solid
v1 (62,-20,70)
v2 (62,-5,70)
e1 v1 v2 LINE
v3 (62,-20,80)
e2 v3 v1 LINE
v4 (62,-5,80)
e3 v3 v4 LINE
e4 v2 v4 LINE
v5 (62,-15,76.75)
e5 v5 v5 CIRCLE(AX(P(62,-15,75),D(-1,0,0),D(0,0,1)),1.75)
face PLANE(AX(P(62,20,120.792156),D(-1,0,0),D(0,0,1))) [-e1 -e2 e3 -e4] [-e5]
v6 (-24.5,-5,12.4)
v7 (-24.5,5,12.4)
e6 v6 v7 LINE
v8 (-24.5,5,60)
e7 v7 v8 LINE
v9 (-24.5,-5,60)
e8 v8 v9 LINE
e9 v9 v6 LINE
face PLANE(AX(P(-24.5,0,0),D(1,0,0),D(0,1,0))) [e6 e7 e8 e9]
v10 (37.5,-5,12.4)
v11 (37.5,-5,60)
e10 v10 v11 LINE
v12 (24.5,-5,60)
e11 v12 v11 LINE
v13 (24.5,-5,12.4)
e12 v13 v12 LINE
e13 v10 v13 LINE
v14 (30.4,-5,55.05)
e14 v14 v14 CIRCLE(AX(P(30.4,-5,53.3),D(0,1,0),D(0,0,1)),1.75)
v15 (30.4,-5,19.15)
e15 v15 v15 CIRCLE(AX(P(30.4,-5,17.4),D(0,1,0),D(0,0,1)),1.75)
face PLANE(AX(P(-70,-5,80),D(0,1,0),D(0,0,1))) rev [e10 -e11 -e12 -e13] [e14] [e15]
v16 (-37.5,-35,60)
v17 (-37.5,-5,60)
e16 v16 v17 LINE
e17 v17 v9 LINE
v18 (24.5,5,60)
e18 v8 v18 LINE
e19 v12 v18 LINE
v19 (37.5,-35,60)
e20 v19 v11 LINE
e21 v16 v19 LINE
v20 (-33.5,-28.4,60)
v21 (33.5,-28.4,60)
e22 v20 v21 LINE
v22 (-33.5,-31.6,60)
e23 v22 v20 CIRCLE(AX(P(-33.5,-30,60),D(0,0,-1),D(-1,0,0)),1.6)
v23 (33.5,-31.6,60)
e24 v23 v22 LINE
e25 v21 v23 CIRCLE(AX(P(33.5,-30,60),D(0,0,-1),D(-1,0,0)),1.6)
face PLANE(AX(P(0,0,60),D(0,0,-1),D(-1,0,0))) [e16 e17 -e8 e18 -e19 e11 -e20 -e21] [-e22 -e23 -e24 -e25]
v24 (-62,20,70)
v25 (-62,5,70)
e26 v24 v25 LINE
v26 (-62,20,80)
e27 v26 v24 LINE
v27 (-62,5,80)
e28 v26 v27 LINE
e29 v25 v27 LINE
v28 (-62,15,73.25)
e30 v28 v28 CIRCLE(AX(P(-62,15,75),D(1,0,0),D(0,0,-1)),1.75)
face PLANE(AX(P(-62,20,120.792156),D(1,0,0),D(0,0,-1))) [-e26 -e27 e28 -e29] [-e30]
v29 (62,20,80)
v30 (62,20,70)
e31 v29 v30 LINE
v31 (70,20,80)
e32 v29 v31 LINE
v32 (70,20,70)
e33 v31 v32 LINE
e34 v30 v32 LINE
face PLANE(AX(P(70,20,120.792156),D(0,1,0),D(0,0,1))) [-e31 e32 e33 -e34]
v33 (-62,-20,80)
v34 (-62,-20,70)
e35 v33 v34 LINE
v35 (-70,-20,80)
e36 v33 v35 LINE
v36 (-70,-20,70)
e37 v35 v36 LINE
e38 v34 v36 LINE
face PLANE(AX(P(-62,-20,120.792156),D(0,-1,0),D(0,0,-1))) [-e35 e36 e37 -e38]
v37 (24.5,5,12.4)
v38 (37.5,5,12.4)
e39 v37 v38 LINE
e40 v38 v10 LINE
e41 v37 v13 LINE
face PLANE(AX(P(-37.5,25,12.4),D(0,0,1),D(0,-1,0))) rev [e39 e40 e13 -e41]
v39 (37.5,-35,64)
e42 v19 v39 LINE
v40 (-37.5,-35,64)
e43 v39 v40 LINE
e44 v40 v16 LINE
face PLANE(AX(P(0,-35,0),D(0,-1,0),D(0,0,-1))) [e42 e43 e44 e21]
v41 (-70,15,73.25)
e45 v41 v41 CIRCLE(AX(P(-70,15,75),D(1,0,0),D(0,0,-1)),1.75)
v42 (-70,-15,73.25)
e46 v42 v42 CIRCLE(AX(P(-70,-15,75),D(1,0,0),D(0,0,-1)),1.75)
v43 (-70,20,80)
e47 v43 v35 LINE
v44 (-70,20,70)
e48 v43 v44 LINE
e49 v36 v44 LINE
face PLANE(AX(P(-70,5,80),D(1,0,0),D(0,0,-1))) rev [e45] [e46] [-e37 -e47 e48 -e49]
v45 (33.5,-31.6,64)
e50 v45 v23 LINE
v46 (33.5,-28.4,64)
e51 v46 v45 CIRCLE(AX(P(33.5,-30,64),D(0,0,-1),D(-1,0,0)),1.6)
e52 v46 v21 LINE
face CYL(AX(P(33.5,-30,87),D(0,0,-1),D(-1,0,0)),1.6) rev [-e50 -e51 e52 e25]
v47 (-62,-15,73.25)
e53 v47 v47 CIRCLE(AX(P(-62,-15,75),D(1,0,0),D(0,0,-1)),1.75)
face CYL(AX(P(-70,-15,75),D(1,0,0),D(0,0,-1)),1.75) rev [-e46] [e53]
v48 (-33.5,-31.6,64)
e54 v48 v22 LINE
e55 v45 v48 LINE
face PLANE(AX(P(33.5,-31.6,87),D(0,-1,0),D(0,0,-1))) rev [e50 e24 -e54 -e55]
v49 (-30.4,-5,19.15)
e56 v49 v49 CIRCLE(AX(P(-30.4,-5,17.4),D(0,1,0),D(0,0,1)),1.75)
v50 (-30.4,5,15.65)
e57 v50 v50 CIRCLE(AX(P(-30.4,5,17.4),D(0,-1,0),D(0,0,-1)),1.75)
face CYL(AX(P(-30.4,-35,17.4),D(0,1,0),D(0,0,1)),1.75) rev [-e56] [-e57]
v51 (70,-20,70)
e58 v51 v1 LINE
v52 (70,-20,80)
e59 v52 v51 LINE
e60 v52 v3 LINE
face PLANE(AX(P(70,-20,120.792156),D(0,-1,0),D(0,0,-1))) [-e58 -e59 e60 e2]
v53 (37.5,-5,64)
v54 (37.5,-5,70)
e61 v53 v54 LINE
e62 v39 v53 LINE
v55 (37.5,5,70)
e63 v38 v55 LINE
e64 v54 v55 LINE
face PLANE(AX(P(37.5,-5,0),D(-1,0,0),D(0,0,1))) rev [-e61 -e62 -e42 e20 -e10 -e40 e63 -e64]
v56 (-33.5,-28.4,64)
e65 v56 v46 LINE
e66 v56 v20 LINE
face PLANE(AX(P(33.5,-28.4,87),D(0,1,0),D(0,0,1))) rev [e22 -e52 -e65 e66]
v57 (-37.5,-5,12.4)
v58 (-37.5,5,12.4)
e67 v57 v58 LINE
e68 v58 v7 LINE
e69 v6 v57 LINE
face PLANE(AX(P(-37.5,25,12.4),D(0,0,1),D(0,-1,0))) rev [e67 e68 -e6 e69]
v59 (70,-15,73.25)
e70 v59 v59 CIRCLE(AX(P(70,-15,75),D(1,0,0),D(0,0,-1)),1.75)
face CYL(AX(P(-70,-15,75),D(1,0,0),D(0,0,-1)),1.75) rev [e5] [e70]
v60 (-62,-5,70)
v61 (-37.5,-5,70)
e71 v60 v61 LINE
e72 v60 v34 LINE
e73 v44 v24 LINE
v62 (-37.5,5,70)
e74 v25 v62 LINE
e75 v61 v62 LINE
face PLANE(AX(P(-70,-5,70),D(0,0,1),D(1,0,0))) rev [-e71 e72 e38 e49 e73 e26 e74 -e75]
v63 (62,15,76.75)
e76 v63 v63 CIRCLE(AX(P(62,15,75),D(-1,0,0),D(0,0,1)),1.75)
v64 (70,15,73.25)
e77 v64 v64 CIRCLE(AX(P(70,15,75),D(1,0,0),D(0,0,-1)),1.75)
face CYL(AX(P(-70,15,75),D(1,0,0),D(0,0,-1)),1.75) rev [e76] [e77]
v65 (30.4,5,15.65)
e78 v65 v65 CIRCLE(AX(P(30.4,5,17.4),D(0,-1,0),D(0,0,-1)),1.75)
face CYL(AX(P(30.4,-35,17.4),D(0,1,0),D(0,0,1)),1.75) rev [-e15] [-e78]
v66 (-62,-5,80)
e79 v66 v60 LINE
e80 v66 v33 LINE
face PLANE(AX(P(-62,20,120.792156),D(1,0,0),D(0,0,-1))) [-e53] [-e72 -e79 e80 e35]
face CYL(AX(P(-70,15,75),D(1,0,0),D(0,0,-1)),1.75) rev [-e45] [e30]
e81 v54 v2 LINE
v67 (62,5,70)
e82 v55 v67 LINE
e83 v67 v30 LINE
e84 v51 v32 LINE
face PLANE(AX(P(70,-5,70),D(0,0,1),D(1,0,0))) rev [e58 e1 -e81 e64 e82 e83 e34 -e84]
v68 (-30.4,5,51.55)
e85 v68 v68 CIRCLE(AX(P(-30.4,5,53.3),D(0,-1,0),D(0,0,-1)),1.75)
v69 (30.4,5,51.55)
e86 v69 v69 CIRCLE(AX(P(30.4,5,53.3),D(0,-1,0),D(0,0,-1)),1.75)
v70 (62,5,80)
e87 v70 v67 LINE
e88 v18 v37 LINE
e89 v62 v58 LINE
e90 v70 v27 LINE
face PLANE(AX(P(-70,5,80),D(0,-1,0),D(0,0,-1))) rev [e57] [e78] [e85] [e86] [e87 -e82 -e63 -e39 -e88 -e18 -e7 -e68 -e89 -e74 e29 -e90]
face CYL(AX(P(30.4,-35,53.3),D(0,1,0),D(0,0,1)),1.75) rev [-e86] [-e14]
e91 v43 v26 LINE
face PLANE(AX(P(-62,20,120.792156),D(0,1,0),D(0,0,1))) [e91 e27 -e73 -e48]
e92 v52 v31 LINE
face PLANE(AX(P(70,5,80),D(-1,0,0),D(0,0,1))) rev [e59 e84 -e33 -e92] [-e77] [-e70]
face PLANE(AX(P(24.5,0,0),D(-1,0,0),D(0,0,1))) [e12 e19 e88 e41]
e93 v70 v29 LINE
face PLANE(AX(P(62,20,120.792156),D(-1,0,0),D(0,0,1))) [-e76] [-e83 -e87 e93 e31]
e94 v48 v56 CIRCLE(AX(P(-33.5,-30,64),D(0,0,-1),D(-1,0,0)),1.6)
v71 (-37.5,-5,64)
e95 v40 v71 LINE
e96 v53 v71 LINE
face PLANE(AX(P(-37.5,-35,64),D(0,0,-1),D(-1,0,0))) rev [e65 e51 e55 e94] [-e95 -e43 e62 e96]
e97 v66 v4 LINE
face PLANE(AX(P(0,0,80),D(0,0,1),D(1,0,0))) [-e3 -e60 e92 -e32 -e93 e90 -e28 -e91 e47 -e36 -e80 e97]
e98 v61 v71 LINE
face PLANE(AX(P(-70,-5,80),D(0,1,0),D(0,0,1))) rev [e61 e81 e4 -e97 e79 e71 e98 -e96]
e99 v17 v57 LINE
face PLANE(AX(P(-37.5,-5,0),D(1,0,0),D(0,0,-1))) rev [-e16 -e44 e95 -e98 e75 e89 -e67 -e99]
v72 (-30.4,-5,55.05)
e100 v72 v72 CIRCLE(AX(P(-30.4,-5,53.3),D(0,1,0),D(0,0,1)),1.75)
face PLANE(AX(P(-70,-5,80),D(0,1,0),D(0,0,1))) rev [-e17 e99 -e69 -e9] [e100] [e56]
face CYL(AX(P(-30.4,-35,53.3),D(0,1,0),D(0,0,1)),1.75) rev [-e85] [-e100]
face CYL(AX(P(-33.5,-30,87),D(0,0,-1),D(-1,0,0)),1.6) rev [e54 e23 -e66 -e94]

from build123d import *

# Parameters (mm, degrees)
SKETCH_1_W               = 140
SKETCH_1_H               = 10
EXTRUDE_1_DEPTH          = 80
SKETCH_2_W               = 32.5
SKETCH_2_H               = 70
CUT_EXTRUDE_1_DEPTH      = 107.77078252
SKETCH_4_W               = 55
SKETCH_4_H               = 10
CUT_EXTRUDE_2_DEPTH      = 60
SKETCH_5_W               = 8
SKETCH_5_H               = 40
EXTRUDE_2_DEPTH          = 10
CUT_EXTRUDE_START        = -12.4
SKETCH_6_W               = 10
SKETCH_6_H               = 10
CUT_EXTRUDE_3_DEPTH      = 12.4
SKETCH_7_W               = 75
SKETCH_7_H               = 4
EXTRUDE_3_DEPTH          = 30
CUT_EXTRUDE_4_DEPTH      = 27
CUT_EXTRUDE_5_DEPTH      = 159.268758762
CUT_EXTRUDE_5_DEPTH_BACK = 159.268758762
SKETCH_9_R               = 1.75
CUT_EXTRUDE_6_DEPTH      = 114.578166916
CUT_EXTRUDE_6_DEPTH_BACK = 114.578166916
SKETCH_10_R              = 1.75
SKETCH_11_W              = 47.6
SKETCH_11_H              = 10
EXTRUDE_4_DEPTH          = 3
SKETCH_12_W              = 47.6
SKETCH_12_H              = 10
EXTRUDE_5_DEPTH          = 3


with BuildPart() as part:
    # 草图1 → 凸台-拉伸1 (new body)
    with BuildSketch(Plane.XY):
        Rectangle(SKETCH_1_W, SKETCH_1_H)
    extrude(amount=EXTRUDE_1_DEPTH)

    # 草图2 → 切除-拉伸1 (cut, through all)
    with BuildSketch(Plane(origin=(0, 5, 0), x_dir=(1, 0, 0), z_dir=(0, 1, 0))):
        with Locations((-53.75, -35)):
            Rectangle(SKETCH_2_W, SKETCH_2_H)
        with Locations((53.75, -35)):
            Rectangle(SKETCH_2_W, SKETCH_2_H)
    extrude(amount=-CUT_EXTRUDE_1_DEPTH, mode=Mode.SUBTRACT)

    # 草图4 → 切除-拉伸2 (cut)
    with BuildSketch(Plane(origin=(0, 0, 0), x_dir=(-1, 0, 0), z_dir=(0, 0, -1))):
        Rectangle(SKETCH_4_W, SKETCH_4_H)
    extrude(amount=-CUT_EXTRUDE_2_DEPTH, mode=Mode.SUBTRACT)

    # 草图5 → 凸台-拉伸2 (add)
    with BuildSketch(Plane(origin=(0, 0, 70), x_dir=(-1, 0, 0), z_dir=(0, 0, -1))):
        with Locations((-66, 0)):
            Rectangle(SKETCH_5_W, SKETCH_5_H)
        with Locations((66, 0)):
            Rectangle(SKETCH_5_W, SKETCH_5_H)
    extrude(amount=-EXTRUDE_2_DEPTH)

    # 草图6 → 切除-拉伸3 (cut)
    with BuildSketch(Plane(origin=(0, 0, 0), x_dir=(-1, 0, 0), z_dir=(0, 0, -1)).offset(CUT_EXTRUDE_START)):
        with Locations((32.5, 0)):
            Rectangle(SKETCH_6_W, SKETCH_6_H)
        with Locations((-32.5, 0)):
            Rectangle(SKETCH_6_W, SKETCH_6_H)
    extrude(amount=CUT_EXTRUDE_3_DEPTH, mode=Mode.SUBTRACT)

    # 草图7 → 凸台-拉伸3 (add)
    with BuildSketch(Plane.XZ.offset(5)):
        with Locations((0, 62)):
            Rectangle(SKETCH_7_W, SKETCH_7_H)
    extrude(amount=EXTRUDE_3_DEPTH)

    # 草图8 → 切除-拉伸4 (cut)
    with BuildSketch(Plane(origin=(0, 0, 60), x_dir=(-1, 0, 0), z_dir=(0, 0, -1))):
        with BuildLine():
            Line((-33.5, -28.4), (33.5, -28.4))
            ThreePointArc((33.5, -28.4), (35.1, -30), (33.5, -31.6))
            Line((33.5, -31.6), (-33.5, -31.6))
            ThreePointArc((-33.5, -31.6), (-35.1, -30), (-33.5, -28.4))
        make_face()
    extrude(amount=-CUT_EXTRUDE_4_DEPTH, mode=Mode.SUBTRACT)

    # 草图9 → 切除-拉伸5 (cut, two sides: drawn at the far end of the back side and taken through both)
    with BuildSketch(Plane(origin=(-62, 0, 0), x_dir=(0, 0, -1), z_dir=(1, 0, 0)).offset(-CUT_EXTRUDE_5_DEPTH_BACK)):
        with Locations((-75, 15)):
            Circle(SKETCH_9_R)
        with Locations((-75, -15)):
            Circle(SKETCH_9_R)
    extrude(amount=CUT_EXTRUDE_5_DEPTH + CUT_EXTRUDE_5_DEPTH_BACK, mode=Mode.SUBTRACT)

    # 草图10 → 切除-拉伸6 (cut, two sides: drawn at the far end of the back side and taken through both)
    with BuildSketch(Plane(origin=(0, 5, 0), x_dir=(1, 0, 0), z_dir=(0, 1, 0)).offset(-CUT_EXTRUDE_6_DEPTH_BACK)):
        with Locations(Location((30.4, -53.3, 0), (0, 0, 270))):
            Circle(SKETCH_10_R)
        with Locations(Location((30.4, -17.4, 0), (0, 0, 270))):
            Circle(SKETCH_10_R)
        with Locations(Location((-30.4, -17.4, 0), (0, 0, 270))):
            Circle(SKETCH_10_R)
        with Locations(Location((-30.4, -53.3, 0), (0, 0, 270))):
            Circle(SKETCH_10_R)
    extrude(amount=CUT_EXTRUDE_6_DEPTH + CUT_EXTRUDE_6_DEPTH_BACK, mode=Mode.SUBTRACT)

    # 草图11 → 凸台-拉伸4 (add)
    with BuildSketch(Plane.ZY.offset(-27.5)):
        with Locations((36.2, 0)):
            Rectangle(SKETCH_11_W, SKETCH_11_H)
    extrude(amount=EXTRUDE_4_DEPTH)

    # 草图12 → 凸台-拉伸5 (add)
    with BuildSketch(Plane(origin=(-27.5, 0, 0), x_dir=(0, 0, -1), z_dir=(1, 0, 0))):
        with Locations((-36.2, 0)):
            Rectangle(SKETCH_12_W, SKETCH_12_H)
    extrude(amount=EXTRUDE_5_DEPTH)


solid = part.part
